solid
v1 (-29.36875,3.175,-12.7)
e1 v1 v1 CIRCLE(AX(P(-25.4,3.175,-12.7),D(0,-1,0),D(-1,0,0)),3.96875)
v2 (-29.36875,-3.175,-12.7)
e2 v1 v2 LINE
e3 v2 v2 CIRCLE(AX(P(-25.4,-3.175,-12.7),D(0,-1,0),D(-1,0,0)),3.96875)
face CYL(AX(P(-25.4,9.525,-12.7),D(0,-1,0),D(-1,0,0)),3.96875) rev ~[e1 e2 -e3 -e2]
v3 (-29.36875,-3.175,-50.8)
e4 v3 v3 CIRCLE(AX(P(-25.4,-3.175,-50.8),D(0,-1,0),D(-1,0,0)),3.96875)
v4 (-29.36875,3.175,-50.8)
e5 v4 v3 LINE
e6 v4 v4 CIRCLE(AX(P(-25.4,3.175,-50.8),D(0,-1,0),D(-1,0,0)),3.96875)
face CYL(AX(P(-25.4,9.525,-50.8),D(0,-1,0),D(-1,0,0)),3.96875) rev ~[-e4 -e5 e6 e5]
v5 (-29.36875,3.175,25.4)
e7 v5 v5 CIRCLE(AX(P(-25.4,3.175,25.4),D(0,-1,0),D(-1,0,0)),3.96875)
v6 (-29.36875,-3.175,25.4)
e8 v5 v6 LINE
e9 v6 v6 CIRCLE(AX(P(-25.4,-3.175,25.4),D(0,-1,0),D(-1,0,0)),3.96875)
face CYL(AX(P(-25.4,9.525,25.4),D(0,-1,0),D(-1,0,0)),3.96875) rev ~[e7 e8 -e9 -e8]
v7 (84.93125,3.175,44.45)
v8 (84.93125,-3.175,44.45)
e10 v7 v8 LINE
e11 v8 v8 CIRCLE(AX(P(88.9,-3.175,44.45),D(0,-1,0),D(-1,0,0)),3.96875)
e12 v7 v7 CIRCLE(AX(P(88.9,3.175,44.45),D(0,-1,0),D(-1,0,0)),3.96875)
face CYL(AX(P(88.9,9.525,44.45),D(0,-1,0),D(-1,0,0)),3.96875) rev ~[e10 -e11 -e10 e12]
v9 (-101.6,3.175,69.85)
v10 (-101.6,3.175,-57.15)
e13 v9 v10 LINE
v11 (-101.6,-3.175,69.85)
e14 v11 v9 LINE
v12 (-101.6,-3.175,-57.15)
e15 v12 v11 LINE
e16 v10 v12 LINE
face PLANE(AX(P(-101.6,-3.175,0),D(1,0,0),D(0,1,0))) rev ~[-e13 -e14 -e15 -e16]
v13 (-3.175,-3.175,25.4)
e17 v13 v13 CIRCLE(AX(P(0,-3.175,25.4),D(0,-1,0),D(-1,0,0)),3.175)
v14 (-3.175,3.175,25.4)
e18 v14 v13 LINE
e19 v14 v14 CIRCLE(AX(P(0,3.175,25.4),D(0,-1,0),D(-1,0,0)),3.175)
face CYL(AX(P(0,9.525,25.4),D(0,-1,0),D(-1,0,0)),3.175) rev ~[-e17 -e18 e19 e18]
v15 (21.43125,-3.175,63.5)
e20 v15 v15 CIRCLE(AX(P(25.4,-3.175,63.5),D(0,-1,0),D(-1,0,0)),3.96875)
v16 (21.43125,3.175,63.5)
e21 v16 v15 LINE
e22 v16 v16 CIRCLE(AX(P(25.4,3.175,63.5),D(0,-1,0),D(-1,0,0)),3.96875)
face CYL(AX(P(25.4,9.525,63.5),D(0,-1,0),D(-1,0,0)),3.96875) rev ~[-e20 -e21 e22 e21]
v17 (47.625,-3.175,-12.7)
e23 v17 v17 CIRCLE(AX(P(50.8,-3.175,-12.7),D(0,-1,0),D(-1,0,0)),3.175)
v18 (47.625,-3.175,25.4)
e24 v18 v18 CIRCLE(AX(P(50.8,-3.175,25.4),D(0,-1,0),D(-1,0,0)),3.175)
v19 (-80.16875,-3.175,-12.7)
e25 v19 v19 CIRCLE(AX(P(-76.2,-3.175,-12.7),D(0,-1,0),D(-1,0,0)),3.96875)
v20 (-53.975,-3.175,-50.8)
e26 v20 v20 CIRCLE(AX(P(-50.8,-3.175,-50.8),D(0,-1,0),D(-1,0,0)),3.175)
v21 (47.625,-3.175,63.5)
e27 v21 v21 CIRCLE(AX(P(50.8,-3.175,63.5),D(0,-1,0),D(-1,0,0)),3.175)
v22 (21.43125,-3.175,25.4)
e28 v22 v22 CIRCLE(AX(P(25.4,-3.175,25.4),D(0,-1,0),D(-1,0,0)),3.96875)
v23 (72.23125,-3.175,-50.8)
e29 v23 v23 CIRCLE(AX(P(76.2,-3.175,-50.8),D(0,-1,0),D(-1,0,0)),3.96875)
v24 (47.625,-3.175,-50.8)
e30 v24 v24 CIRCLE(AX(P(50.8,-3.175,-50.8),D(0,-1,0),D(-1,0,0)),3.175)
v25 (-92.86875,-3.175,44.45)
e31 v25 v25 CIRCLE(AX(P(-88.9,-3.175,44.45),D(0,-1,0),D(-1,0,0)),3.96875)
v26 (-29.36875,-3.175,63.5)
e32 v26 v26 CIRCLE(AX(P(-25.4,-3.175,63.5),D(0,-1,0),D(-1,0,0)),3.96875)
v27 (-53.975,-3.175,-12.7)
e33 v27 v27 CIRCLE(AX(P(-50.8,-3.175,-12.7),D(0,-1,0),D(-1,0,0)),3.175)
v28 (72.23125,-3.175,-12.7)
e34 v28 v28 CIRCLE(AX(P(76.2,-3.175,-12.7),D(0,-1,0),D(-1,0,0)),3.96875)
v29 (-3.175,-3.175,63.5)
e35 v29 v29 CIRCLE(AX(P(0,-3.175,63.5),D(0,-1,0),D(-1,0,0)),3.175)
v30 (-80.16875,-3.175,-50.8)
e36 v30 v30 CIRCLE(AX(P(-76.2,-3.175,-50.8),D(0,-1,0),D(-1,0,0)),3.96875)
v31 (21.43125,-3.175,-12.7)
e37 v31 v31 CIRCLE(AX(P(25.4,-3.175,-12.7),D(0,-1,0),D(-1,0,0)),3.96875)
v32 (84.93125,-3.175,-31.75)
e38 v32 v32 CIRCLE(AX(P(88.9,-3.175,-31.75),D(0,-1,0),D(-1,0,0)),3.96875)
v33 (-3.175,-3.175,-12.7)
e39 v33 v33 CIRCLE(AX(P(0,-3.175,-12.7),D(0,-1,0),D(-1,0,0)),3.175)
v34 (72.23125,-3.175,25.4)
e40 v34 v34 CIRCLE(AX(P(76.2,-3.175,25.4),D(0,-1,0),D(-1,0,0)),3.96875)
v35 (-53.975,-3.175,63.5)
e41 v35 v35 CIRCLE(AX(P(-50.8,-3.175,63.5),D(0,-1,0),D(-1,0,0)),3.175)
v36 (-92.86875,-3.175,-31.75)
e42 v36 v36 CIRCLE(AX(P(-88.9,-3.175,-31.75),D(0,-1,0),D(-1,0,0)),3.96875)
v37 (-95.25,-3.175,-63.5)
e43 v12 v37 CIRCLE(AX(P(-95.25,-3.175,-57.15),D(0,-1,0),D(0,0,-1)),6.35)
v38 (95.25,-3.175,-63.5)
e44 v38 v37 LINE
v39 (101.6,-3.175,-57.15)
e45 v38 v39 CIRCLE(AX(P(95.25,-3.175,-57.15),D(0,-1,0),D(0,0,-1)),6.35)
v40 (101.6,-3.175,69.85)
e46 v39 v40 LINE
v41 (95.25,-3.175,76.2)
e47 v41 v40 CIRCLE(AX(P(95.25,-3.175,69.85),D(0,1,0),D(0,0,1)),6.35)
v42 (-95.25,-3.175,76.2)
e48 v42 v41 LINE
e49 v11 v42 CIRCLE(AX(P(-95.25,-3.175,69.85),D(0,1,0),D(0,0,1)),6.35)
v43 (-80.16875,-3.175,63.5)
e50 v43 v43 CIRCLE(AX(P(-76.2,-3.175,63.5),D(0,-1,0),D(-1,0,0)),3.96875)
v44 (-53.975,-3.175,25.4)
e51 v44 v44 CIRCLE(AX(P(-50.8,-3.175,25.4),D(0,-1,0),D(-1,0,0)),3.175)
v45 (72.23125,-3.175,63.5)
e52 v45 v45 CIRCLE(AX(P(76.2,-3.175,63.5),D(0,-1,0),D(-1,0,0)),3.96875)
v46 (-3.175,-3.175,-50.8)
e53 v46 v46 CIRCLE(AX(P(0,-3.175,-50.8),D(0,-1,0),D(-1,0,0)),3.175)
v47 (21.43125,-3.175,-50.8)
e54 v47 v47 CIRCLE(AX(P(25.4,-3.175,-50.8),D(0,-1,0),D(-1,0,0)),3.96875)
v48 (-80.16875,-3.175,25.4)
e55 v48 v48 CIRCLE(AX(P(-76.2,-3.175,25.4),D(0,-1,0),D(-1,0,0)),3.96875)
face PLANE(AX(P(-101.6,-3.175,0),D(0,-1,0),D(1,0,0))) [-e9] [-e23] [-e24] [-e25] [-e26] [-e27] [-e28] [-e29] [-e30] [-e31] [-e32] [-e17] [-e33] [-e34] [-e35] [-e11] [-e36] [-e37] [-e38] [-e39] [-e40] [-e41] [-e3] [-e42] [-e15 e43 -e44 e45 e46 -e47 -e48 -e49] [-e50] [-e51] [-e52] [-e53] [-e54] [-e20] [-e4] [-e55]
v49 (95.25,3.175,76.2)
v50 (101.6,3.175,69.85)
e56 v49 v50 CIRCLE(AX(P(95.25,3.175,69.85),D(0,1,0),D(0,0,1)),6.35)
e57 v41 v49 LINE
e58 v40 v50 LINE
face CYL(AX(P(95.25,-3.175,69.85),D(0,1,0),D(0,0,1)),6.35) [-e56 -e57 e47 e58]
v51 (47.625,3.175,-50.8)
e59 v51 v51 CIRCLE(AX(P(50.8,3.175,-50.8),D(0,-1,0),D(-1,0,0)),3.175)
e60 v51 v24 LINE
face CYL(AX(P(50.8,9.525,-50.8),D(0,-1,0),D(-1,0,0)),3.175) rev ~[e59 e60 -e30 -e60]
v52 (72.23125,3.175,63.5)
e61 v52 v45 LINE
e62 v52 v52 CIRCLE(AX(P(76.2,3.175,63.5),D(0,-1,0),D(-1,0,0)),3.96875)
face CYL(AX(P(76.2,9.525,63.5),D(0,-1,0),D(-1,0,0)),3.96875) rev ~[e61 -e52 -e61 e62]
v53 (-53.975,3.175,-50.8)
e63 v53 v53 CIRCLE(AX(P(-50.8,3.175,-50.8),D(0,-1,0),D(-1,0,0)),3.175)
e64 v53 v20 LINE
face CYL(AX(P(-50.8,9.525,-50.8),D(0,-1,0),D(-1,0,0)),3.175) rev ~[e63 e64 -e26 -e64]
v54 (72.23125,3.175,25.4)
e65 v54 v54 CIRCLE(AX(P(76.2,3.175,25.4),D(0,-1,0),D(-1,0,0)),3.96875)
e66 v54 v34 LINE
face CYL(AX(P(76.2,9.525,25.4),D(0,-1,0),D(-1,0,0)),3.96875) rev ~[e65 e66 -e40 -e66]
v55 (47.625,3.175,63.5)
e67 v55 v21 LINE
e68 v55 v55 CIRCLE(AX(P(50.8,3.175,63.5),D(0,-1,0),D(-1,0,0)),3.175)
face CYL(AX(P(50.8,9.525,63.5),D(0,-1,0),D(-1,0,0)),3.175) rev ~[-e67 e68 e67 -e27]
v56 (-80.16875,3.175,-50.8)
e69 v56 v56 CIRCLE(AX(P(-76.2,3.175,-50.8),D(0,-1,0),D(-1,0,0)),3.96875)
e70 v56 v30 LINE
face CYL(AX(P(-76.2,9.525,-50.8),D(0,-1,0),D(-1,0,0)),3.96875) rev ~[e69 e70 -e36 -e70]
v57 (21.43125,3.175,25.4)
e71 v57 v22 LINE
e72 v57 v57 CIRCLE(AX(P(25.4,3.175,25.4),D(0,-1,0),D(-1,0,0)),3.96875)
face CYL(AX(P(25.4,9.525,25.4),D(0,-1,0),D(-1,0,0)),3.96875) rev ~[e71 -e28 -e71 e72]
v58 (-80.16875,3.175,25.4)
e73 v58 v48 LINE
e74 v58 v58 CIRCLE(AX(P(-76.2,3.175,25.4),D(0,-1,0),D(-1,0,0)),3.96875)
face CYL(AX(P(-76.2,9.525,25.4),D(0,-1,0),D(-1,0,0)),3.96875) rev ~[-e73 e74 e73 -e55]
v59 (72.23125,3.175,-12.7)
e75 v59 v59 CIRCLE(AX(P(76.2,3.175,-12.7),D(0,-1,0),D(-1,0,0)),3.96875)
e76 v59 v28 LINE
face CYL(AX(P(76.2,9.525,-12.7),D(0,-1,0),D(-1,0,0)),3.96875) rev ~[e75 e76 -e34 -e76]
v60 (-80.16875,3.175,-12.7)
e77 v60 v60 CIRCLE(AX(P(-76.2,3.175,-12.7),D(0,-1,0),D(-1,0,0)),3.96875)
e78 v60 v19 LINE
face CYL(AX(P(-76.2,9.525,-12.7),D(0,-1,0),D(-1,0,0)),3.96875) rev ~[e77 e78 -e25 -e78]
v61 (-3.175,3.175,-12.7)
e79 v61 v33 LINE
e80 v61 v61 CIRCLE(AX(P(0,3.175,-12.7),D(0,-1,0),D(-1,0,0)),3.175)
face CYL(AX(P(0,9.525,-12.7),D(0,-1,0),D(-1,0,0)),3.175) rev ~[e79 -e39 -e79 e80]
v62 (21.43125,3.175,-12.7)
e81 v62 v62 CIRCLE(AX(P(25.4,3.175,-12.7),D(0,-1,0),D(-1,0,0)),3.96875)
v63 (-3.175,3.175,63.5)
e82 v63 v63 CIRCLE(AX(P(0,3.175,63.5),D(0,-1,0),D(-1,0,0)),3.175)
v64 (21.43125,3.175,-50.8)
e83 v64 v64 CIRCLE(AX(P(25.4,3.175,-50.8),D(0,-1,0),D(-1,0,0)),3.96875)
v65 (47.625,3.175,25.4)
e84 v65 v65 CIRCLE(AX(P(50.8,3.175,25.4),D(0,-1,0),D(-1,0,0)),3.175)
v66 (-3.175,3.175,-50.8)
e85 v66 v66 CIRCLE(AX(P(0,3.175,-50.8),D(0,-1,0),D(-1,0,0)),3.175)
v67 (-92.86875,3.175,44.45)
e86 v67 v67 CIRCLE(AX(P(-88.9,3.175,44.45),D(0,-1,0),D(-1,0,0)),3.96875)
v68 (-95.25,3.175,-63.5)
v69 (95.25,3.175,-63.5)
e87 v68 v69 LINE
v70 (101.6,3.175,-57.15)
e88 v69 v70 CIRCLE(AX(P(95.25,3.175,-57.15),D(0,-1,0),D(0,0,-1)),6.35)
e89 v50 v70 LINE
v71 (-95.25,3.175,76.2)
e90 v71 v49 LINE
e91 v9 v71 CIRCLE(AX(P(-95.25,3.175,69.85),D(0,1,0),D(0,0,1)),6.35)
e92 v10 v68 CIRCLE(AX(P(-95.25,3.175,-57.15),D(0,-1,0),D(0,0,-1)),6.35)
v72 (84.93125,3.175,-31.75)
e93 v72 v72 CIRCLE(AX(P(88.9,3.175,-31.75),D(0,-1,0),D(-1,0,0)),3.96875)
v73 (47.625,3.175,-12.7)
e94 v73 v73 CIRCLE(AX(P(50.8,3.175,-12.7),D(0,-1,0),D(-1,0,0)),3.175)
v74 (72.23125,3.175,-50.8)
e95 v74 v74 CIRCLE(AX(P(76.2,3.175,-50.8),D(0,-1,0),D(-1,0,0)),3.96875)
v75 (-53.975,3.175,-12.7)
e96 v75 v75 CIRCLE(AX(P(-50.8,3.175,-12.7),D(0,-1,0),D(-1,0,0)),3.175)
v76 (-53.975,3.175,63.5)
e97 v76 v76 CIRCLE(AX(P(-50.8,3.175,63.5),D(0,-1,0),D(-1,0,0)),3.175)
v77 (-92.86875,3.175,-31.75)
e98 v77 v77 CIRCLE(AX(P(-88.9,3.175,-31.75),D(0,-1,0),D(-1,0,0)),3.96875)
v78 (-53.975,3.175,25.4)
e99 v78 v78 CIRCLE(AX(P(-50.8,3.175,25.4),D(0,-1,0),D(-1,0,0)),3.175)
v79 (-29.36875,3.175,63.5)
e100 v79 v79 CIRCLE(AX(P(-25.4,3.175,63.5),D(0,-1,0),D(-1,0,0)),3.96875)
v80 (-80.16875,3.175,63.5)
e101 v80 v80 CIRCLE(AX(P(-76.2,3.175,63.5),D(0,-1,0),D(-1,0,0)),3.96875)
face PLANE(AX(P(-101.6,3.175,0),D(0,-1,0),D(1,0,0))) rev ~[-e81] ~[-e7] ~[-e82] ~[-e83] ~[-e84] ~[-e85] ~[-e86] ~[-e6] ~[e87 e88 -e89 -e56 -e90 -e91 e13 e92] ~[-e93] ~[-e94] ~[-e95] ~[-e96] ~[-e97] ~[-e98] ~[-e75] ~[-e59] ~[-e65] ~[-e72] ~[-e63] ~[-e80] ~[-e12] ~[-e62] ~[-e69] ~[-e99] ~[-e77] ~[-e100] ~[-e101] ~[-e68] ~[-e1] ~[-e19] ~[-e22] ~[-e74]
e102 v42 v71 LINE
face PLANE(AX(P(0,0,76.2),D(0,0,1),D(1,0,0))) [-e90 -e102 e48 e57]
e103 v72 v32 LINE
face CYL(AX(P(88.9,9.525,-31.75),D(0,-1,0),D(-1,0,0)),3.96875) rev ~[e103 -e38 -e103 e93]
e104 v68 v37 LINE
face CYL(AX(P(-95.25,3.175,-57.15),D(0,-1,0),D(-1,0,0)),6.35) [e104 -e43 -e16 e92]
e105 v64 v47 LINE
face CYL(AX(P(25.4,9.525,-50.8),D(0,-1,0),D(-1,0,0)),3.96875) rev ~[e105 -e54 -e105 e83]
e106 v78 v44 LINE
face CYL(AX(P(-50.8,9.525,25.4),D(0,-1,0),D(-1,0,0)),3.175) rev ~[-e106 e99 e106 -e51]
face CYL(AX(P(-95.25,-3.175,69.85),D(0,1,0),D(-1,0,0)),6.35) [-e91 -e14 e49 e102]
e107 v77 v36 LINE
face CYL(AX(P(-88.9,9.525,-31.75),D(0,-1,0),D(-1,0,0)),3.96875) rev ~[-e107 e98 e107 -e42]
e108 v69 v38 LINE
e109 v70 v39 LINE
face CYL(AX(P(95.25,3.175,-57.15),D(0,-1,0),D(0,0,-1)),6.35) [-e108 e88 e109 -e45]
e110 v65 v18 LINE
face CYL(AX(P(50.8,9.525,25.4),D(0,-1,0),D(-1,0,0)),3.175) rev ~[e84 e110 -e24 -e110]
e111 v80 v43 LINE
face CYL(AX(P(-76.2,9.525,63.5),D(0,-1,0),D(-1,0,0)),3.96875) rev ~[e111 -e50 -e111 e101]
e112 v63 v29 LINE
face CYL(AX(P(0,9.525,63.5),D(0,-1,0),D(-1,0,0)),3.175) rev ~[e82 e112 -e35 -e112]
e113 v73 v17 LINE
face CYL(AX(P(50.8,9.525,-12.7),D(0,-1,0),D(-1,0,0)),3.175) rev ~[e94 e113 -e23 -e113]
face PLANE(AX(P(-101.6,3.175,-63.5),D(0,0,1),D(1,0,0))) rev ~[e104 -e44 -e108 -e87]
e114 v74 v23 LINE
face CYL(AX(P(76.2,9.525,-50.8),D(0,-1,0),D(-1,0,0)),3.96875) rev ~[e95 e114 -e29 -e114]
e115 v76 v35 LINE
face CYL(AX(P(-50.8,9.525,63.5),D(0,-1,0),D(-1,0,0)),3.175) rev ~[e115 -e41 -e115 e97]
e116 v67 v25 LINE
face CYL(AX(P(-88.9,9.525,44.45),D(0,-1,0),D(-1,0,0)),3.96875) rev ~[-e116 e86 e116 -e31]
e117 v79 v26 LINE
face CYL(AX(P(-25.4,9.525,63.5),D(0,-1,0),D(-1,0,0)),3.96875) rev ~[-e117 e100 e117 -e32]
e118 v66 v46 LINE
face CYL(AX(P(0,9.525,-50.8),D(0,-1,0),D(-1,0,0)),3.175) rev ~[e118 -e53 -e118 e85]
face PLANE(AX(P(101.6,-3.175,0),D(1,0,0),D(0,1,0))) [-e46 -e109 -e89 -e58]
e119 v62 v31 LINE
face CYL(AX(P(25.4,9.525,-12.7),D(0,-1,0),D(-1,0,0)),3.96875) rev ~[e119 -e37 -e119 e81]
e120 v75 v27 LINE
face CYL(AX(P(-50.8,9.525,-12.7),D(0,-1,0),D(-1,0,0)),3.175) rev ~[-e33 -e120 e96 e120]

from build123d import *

# Parameters (mm, degrees)
SKETCH3_W                      = 203.2
SKETCH3_H                      = 6.35
BOSS_EXTRUDE1_DEPTH            = 76.2
BOSS_EXTRUDE1_DEPTH_BACK       = 76.2
F_3_8_16_TAPPED_HOLE1_D        = 7.9375
F_3_8_16_TAPPED_HOLE1_DEPTH    = 6.35
F_1_4_0_2500_DOWEL_HOLE1_D     = 6.35
F_1_4_0_2500_DOWEL_HOLE1_DEPTH = 6.35
F_3_8_16_TAPPED_HOLE2_D        = 7.9375
F_3_8_16_TAPPED_HOLE2_DEPTH    = 6.35
SKETCH10_W                     = 203.2
SKETCH10_H                     = 12.7
CUT_EXTRUDE1_DEPTH             = 7.35
FILLET1_R                      = 6.35


with BuildPart() as part:
    # Sketch3 → Boss-Extrude1 (new body, two sides)
    with BuildSketch(Plane.XY) as boss_extrude1_sk:
        Rectangle(SKETCH3_W, SKETCH3_H)
    extrude(amount=BOSS_EXTRUDE1_DEPTH)
    extrude(boss_extrude1_sk.sketch, amount=-BOSS_EXTRUDE1_DEPTH_BACK)

    # 3/8-16 Tapped Hole1
    with Locations(Plane(origin=(0, 3.175, 0), x_dir=(1, 0, 0), z_dir=(0, 1, 0))):
        with Locations((-76.2, -63.5), (-25.4, -63.5), (25.4, -63.5), (76.2, -63.5), (-25.4, -25.4), (25.4, -25.4), (76.2, -25.4), (-25.4, 12.7), (25.4, 12.7), (76.2, 12.7), (-25.4, 50.8), (25.4, 50.8), (76.2, 50.8), (-76.2, -25.4), (-76.2, 12.7), (-76.2, 50.8)):
            Hole(F_3_8_16_TAPPED_HOLE1_D / 2, depth=F_3_8_16_TAPPED_HOLE1_DEPTH)

    # 1/4 (0.2500) Dowel Hole1
    with Locations(Plane(origin=(0, 3.175, 0), x_dir=(1, 0, 0), z_dir=(0, 1, 0))):
        with Locations((-50.8, -63.5), (0, -63.5), (50.8, -63.5), (0, -25.4), (50.8, -25.4), (0, 12.7), (50.8, 12.7), (0, 50.8), (50.8, 50.8), (-50.8, -25.4), (-50.8, 12.7), (-50.8, 50.8)):
            Hole(F_1_4_0_2500_DOWEL_HOLE1_D / 2, depth=F_1_4_0_2500_DOWEL_HOLE1_DEPTH)

    # 3/8-16 Tapped Hole2
    with Locations(Plane(origin=(0, 3.175, 0), x_dir=(1, 0, 0), z_dir=(0, 1, 0))):
        with Locations((-88.9, 31.75), (-88.9, -44.45), (88.9, -44.45), (88.9, 31.75)):
            Hole(F_3_8_16_TAPPED_HOLE2_D / 2, depth=F_3_8_16_TAPPED_HOLE2_DEPTH)

    # Sketch10 → Cut-Extrude1 (cut, through all)
    with BuildSketch(Plane(origin=(0, 3.175, 0), x_dir=(1, 0, 0), z_dir=(0, 1, 0))):
        with Locations((0, 69.85)):
            Rectangle(SKETCH10_W, SKETCH10_H)
    extrude(amount=-CUT_EXTRUDE1_DEPTH, mode=Mode.SUBTRACT)

    # Fillet1
    fillet1_edges = [part.edges().sort_by_distance(p)[0] for p in [
        (101.6, 0, 76.2),
        (-101.6, 0, -63.5),
        (101.6, 0, -63.5),
        (-101.6, 0, 76.2),
    ]]
    fillet(fillet1_edges, radius=FILLET1_R)


solid = part.part
